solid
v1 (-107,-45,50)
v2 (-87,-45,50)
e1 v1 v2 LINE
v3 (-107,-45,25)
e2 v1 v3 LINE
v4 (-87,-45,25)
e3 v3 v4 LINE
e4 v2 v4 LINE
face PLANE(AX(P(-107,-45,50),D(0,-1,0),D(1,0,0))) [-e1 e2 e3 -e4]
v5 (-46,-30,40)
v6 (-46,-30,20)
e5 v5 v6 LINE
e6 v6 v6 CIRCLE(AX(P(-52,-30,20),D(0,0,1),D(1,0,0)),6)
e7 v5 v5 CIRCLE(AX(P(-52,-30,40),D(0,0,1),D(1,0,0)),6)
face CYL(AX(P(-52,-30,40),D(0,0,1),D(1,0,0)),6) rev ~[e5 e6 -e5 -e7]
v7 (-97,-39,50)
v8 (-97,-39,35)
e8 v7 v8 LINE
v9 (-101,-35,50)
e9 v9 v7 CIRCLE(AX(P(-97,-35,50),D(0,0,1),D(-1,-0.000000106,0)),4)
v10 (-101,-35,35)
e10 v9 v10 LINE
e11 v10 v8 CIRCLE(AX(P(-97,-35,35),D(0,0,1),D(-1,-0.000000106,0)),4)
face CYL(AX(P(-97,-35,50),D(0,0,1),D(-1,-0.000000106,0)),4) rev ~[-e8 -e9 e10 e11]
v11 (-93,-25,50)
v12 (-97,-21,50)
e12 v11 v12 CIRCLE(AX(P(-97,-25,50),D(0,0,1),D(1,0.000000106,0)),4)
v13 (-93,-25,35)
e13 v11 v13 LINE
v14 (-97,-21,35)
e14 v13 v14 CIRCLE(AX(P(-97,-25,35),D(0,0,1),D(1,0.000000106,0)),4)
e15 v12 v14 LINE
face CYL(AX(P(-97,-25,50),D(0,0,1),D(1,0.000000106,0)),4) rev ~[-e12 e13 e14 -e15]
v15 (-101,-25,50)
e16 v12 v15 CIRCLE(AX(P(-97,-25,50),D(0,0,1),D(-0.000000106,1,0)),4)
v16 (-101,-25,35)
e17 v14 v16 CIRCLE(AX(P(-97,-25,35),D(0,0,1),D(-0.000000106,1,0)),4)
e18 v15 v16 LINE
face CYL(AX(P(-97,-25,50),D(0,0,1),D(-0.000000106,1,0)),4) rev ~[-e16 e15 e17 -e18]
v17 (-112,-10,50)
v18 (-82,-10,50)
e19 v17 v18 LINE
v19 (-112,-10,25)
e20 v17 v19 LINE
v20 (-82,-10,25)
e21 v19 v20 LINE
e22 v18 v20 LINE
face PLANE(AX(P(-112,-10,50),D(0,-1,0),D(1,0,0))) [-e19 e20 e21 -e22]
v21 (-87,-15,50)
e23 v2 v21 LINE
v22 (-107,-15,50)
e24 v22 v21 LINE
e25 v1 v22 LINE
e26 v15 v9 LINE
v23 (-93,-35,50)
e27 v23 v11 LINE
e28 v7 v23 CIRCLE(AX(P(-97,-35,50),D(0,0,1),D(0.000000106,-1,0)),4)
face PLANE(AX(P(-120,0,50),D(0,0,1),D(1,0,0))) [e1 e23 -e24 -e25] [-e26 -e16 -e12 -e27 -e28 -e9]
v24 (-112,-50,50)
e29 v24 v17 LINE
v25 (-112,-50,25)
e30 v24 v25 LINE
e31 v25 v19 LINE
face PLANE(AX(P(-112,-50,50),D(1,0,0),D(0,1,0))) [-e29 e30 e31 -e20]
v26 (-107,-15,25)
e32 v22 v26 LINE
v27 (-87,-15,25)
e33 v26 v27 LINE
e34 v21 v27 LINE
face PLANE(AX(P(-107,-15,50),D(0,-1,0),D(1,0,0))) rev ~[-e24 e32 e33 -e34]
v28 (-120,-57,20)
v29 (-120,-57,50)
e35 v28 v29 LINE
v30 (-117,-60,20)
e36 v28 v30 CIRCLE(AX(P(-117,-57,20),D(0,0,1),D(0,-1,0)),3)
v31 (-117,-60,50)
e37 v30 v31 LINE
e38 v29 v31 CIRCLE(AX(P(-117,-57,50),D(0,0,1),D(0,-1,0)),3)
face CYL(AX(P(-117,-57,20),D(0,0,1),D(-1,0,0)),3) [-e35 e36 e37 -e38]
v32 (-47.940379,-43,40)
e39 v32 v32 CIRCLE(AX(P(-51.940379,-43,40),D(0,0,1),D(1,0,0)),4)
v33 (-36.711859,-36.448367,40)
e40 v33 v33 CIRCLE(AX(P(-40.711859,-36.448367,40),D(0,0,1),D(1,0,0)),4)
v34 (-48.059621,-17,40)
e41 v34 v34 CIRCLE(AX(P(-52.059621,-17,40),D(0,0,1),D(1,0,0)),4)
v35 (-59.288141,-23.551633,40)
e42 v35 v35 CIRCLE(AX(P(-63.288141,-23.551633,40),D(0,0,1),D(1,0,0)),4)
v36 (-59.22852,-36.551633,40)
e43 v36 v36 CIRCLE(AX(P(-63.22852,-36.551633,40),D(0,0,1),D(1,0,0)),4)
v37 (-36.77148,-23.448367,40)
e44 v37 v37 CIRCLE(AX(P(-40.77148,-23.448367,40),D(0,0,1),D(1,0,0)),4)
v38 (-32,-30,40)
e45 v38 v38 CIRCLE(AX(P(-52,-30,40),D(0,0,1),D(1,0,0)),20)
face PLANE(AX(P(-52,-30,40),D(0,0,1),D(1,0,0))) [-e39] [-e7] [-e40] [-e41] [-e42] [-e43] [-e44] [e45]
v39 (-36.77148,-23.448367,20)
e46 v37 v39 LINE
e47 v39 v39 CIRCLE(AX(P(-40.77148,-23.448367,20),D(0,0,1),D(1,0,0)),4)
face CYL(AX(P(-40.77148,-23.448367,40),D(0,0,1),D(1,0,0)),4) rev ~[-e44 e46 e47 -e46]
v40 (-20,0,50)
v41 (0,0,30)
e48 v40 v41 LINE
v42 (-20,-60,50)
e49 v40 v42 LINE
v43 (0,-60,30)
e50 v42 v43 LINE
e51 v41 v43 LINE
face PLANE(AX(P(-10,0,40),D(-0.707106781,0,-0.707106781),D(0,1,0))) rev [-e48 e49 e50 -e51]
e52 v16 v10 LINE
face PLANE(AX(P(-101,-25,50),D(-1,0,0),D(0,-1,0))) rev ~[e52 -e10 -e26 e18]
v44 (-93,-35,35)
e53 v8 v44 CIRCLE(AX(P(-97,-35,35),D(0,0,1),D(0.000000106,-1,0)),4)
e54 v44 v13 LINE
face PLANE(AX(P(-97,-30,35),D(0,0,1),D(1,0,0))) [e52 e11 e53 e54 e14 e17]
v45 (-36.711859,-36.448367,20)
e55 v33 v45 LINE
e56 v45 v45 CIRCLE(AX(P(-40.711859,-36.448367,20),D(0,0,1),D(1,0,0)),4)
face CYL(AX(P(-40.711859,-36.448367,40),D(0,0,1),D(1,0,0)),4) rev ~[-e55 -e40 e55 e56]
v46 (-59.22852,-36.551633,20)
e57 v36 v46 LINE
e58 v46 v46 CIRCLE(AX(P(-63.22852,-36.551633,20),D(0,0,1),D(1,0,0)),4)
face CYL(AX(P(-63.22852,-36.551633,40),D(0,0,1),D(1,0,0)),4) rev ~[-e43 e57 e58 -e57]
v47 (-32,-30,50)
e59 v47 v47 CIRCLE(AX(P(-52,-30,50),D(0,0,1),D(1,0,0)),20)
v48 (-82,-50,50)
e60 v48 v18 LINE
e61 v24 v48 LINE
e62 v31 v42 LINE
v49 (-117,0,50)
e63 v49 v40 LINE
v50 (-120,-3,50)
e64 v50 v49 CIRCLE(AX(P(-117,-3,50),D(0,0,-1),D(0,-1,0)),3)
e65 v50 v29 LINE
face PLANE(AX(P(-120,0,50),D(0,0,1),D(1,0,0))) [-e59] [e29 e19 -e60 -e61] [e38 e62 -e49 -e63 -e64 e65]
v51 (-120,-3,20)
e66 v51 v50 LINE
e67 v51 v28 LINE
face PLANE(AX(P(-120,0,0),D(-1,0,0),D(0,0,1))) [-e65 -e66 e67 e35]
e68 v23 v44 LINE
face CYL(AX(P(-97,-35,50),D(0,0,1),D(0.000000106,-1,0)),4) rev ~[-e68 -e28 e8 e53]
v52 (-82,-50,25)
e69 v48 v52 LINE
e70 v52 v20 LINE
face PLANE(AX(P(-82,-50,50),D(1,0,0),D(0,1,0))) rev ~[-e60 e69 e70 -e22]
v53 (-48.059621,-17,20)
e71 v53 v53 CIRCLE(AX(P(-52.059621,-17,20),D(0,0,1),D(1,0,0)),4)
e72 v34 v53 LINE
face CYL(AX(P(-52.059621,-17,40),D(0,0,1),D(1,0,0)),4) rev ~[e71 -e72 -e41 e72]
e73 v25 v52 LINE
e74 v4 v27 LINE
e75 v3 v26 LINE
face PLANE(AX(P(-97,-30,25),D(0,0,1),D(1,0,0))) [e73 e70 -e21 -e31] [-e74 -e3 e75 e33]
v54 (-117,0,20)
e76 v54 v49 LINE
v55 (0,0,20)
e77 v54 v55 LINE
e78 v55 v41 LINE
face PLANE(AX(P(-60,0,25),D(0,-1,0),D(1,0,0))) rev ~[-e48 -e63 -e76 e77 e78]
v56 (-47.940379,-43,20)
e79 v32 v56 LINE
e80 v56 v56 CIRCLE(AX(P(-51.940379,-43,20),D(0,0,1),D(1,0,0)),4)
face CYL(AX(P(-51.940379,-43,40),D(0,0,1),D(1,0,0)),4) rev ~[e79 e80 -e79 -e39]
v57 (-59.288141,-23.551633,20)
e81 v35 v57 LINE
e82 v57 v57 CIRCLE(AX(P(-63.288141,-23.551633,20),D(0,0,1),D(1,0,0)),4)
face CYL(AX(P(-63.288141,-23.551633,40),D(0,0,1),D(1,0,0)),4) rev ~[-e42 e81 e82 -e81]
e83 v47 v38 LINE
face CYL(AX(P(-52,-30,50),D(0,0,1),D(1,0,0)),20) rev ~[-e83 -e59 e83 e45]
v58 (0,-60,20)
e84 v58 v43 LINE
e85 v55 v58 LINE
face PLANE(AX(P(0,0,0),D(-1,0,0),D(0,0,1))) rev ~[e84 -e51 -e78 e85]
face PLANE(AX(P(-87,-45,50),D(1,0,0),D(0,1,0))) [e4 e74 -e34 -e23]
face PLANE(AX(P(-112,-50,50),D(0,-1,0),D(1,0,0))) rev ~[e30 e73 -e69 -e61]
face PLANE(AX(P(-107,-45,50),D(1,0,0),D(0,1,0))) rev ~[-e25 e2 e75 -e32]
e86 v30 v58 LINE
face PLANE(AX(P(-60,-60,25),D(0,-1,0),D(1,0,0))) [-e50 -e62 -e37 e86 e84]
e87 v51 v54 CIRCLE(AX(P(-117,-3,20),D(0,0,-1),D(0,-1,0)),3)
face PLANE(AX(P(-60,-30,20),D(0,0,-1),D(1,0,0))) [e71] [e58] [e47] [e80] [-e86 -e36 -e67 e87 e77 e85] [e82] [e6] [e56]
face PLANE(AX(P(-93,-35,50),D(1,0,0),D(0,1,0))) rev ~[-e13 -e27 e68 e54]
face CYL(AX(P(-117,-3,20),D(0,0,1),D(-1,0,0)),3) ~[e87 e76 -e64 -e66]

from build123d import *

# Parameters (mm, degrees)
F0_W      = 120
F0_H      = 50
F1_DEPTH  = 60
F2_W      = 30
F2_H      = 40
F2_W_2    = 20
F2_H_2    = 30
F3_DEPTH  = 25
F5_DEPTH  = 15
F7_SIZE   = 20
F8_R      = 20
F9_DEPTH  = 10
F10_R     = 4
F11_DEPTH = 20
F6_W      = 120
F6_H      = 60
F12_DEPTH = 20
F13_R     = 6
F14_DEPTH = 20
F15_R     = 3
F16_R     = 3


with BuildPart() as f1:
    # F0 (on Front) → F1 (new body)
    with BuildSketch(Plane.XZ):
        with Locations((-60, 25)):
            Rectangle(F0_W, F0_H)
    extrude(amount=F1_DEPTH)

    # F2 (on face) → F3 (cut)
    with BuildSketch(Plane.XY.offset(50)):
        with Locations((-97, -30)):
            Rectangle(F2_W, F2_H)
        with Locations((-97, -30)):
            Rectangle(F2_W_2, F2_H_2, mode=Mode.SUBTRACT)
    extrude(amount=-F3_DEPTH, mode=Mode.SUBTRACT)

    # F4 (on face) → F5 (cut)
    with BuildSketch(Plane.XY.offset(50)):
        with BuildLine():
            ThreePointArc((-97, -21), (-99.828427, -22.171573), (-101, -25))
            Line((-101, -25), (-101, -35))
            ThreePointArc((-101, -35), (-99.828427, -37.828427), (-97, -39))
            ThreePointArc((-97, -39), (-94.171573, -37.828427), (-93, -35))
            Line((-93, -35), (-93, -25))
            ThreePointArc((-93, -25), (-94.171573, -22.171573), (-97, -21))
        make_face()
    extrude(amount=-F5_DEPTH, mode=Mode.SUBTRACT)

    # F7
    f7_edges = [f1.edges().sort_by_distance(p)[0] for p in [
        (0, -30, 50),
    ]]
    chamfer(f7_edges, length=F7_SIZE)

    # F8 (on face) → F9 (cut)
    with BuildSketch(Plane.XY.offset(50)):
        with Locations((-52, -30)):
            Circle(F8_R)
    extrude(amount=-F9_DEPTH, mode=Mode.SUBTRACT)

    # F10 (on face) → F11 (cut)
    with BuildSketch(Plane.XY.offset(40)):
        with Locations((-52.059621, -17)):
            Circle(F10_R)
        with Locations((-63.288141, -23.551633)):
            Circle(F10_R)
        with Locations((-63.22852, -36.551633)):
            Circle(F10_R)
        with Locations((-51.940379, -43)):
            Circle(F10_R)
        with Locations((-40.711859, -36.448367)):
            Circle(F10_R)
        with Locations((-40.77148, -23.448367)):
            Circle(F10_R)
    extrude(amount=-F11_DEPTH, mode=Mode.SUBTRACT)

    # F6 (on face) → F12 (cut)
    with BuildSketch(Plane(origin=(0, 0, 0), x_dir=(1, 0, 0), z_dir=(0, 0, -1))):
        with Locations((-60, 30)):
            Rectangle(F6_W, F6_H)
    extrude(amount=-F12_DEPTH, mode=Mode.SUBTRACT)

    # F13 (on face) → F14 (cut)
    with BuildSketch(Plane.XY.offset(40)):
        with Locations((-52, -30)):
            Circle(F13_R)
    extrude(amount=-F14_DEPTH, mode=Mode.SUBTRACT)

    # F15
    f15_edges = [f1.edges().sort_by_distance(p)[0] for p in [
        (-120, -60, 35),
    ]]
    fillet(f15_edges, radius=F15_R)

    # F16
    f16_edges = [f1.edges().sort_by_distance(p)[0] for p in [
        (-120, 0, 35),
    ]]
    fillet(f16_edges, radius=F16_R)


solid = f1.part
